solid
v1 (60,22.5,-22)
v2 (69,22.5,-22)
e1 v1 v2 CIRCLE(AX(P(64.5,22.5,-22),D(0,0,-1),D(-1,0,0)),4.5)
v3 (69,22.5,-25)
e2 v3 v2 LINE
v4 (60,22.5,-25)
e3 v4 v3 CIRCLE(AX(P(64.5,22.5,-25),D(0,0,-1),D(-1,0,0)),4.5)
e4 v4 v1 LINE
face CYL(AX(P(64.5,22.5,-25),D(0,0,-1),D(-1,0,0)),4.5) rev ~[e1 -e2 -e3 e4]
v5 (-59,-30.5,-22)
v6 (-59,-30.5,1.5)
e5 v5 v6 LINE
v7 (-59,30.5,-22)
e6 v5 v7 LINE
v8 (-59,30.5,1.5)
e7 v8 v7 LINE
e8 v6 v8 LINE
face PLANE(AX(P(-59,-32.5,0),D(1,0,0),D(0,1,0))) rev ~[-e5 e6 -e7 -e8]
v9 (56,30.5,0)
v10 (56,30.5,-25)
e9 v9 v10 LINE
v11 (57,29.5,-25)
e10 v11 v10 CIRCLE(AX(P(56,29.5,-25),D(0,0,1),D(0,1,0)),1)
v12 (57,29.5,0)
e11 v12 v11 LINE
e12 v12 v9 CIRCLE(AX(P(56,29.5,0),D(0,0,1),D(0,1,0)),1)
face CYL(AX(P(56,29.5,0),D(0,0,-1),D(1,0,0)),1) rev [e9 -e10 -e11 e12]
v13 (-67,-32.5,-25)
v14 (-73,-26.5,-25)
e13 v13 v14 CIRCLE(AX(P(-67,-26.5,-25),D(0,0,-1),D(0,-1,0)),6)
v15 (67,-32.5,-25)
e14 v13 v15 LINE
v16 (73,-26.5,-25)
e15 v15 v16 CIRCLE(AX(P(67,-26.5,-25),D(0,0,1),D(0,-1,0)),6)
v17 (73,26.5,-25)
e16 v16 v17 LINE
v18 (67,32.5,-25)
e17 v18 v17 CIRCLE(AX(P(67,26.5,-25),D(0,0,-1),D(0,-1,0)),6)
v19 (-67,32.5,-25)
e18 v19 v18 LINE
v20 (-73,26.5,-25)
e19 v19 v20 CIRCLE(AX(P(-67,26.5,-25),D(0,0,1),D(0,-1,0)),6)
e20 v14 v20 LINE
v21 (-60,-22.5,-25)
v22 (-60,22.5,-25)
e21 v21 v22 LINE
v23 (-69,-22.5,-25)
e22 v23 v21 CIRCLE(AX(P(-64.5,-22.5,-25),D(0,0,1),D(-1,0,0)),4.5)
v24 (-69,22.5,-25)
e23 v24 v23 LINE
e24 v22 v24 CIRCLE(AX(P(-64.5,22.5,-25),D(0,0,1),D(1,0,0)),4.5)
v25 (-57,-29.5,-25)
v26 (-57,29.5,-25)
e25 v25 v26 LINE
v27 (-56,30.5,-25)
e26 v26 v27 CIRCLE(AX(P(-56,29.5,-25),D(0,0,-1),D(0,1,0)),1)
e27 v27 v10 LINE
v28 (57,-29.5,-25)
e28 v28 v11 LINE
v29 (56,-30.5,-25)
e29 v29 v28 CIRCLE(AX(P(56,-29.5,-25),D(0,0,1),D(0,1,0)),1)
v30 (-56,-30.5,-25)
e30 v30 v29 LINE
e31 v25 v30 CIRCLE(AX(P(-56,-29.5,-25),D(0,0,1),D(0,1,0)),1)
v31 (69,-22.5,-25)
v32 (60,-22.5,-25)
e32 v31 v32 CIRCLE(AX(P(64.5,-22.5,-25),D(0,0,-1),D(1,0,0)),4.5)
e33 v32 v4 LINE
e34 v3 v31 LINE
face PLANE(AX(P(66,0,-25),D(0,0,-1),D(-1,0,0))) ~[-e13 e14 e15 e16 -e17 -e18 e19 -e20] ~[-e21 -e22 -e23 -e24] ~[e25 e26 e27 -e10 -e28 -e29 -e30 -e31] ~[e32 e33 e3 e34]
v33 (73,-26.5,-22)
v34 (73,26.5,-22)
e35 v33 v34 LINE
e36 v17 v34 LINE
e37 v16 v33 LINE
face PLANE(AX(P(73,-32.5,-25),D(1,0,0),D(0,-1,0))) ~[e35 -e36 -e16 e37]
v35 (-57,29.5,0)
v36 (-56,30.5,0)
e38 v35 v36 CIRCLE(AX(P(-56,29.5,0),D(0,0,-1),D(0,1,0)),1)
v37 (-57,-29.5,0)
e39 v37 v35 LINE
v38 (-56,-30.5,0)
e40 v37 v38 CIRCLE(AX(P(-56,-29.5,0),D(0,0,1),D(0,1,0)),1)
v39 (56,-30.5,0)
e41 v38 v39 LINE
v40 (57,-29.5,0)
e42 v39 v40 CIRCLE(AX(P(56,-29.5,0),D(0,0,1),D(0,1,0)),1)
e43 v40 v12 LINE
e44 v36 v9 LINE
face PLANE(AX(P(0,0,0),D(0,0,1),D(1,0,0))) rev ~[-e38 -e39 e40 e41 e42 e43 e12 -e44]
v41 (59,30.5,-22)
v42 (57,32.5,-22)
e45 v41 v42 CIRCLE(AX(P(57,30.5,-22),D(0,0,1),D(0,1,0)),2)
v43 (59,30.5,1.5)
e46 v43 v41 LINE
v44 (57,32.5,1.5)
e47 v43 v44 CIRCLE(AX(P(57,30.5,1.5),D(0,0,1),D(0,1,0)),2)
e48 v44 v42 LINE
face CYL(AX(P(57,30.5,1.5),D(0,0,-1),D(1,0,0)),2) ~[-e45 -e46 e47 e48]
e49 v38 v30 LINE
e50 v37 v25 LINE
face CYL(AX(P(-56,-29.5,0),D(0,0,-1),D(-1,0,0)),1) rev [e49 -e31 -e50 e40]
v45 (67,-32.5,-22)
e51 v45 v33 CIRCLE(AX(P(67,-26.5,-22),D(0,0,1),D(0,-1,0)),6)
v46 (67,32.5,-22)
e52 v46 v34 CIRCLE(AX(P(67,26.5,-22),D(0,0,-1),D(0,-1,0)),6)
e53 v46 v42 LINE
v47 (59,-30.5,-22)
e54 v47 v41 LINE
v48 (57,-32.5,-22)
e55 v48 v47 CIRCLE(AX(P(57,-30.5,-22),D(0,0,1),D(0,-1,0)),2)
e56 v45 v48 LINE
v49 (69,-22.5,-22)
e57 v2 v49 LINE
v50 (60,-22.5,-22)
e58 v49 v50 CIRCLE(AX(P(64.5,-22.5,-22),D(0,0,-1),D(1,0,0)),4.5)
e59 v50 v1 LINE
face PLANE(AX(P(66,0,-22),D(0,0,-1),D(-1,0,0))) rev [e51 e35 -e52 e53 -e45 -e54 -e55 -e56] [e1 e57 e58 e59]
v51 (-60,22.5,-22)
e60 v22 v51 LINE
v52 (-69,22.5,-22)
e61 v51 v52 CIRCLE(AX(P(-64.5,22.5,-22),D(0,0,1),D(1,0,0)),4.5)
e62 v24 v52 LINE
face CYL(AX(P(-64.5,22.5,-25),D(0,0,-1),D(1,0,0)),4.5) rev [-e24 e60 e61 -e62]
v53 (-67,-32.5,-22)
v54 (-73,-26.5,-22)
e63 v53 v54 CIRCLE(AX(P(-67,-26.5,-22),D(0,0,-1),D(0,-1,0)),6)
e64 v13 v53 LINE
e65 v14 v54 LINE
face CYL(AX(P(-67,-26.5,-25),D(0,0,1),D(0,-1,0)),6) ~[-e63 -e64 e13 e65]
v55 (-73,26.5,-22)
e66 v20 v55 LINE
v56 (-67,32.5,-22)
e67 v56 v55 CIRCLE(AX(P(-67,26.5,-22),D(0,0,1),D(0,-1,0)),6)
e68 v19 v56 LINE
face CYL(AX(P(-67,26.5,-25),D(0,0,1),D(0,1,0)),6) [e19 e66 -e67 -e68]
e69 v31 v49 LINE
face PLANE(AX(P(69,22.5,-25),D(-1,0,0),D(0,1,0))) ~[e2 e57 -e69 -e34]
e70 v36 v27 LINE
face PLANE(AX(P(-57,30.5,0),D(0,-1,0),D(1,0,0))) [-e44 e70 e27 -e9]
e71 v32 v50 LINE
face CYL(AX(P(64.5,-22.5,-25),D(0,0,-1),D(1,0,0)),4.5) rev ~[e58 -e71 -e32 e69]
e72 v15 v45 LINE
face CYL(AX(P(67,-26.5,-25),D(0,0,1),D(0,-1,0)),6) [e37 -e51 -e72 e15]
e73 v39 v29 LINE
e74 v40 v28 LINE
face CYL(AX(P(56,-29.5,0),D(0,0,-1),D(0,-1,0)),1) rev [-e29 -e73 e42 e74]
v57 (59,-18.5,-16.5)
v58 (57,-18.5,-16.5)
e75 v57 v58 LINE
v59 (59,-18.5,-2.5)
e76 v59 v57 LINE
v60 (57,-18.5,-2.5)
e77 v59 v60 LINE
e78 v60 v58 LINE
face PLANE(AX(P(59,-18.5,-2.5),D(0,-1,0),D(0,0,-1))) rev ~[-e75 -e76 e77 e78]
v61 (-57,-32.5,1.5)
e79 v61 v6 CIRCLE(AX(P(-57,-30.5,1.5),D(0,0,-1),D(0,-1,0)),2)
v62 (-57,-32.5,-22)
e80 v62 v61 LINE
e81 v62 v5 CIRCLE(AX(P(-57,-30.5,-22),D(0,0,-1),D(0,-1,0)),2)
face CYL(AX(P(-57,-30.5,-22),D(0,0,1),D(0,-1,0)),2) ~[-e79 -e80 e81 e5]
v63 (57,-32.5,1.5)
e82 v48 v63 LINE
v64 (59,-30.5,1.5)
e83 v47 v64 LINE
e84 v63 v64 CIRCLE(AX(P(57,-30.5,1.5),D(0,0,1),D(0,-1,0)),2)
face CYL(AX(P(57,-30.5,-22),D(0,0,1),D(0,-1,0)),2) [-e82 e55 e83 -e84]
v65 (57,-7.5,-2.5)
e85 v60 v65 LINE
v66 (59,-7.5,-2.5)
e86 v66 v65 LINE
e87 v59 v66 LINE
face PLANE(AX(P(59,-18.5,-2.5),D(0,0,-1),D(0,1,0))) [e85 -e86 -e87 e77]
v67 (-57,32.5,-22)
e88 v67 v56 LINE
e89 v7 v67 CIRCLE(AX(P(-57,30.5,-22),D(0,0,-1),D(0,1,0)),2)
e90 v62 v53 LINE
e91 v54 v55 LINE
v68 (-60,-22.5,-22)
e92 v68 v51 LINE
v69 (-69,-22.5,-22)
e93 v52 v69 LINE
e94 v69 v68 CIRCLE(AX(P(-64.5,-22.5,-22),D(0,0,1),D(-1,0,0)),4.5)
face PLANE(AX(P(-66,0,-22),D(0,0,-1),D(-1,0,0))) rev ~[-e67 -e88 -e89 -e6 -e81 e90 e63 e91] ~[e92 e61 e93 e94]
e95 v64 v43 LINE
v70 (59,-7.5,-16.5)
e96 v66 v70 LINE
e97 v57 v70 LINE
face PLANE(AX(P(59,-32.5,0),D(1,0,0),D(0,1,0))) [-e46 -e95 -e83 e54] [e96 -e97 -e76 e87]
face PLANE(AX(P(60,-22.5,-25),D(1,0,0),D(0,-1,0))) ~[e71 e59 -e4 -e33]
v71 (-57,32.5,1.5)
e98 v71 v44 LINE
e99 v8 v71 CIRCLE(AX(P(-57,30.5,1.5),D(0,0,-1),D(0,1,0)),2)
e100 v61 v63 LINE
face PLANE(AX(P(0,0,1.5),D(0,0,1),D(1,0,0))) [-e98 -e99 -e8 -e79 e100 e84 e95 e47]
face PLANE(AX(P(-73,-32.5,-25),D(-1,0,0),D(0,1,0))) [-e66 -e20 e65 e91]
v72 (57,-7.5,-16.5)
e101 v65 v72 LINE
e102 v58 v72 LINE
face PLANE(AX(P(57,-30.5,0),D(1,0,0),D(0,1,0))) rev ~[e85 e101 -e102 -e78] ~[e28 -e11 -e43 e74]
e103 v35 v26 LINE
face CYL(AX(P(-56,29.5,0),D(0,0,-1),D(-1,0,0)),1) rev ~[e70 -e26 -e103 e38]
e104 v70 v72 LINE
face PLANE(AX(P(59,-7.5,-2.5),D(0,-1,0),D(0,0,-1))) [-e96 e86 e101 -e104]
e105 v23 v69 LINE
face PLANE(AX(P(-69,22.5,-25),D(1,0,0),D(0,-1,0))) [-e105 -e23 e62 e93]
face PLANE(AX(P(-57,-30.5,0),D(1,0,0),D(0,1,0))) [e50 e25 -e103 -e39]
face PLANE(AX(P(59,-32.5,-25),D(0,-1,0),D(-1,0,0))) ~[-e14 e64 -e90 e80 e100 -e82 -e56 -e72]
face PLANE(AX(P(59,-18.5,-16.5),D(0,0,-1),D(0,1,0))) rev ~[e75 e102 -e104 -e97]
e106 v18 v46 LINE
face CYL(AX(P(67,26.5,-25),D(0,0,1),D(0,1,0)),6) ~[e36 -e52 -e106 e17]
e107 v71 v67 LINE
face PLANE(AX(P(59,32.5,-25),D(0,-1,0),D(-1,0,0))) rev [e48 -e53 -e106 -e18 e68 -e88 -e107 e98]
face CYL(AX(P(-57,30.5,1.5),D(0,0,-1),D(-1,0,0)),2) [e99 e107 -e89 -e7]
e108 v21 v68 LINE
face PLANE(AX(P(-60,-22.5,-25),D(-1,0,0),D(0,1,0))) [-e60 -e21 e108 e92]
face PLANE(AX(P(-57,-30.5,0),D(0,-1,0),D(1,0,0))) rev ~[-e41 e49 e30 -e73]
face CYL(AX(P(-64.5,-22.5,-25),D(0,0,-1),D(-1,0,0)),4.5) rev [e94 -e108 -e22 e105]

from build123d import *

# Parameters (mm, degrees)
SKETCH2_W            = 118
SKETCH2_H            = 65
BOSS_EXTRUDE2_DEPTH  = 1.5
SKETCH4_W            = 118
SKETCH4_H            = 65
SKETCH4_W_2          = 114
SKETCH4_H_2          = 61
BOSS_EXTRUDE3_DEPTH  = 25
SKETCH6_W            = 14
SKETCH6_H            = 65
BOSS_EXTRUDE4_DEPTH  = 3
FILLET1_R            = 6
FILLET1_OF_MIRROR1_R = 6
FILLET2_R            = 2
FILLET3_R            = 1
SKETCH7_W            = 14
SKETCH7_H            = 11
CUT_EXTRUDE1_DEPTH   = 10


with BuildPart() as part:
    # Sketch2 → Boss-Extrude2 (new body)
    with BuildSketch(Plane.XY):
        Rectangle(SKETCH2_W, SKETCH2_H)
    extrude(amount=BOSS_EXTRUDE2_DEPTH)

    # Sketch4 → Boss-Extrude3 (add)
    with BuildSketch(Plane.XY):
        Rectangle(SKETCH4_W, SKETCH4_H)
        Rectangle(SKETCH4_W_2, SKETCH4_H_2, mode=Mode.SUBTRACT)
    extrude(amount=-BOSS_EXTRUDE3_DEPTH)

    # Sketch6 → Boss-Extrude4 (add)
    with BuildSketch(Plane(origin=(0, 0, -25), x_dir=(-1, 0, 0), z_dir=(0, 0, -1))):
        with Locations((66, 0)):
            Rectangle(SKETCH6_W, SKETCH6_H)
        with BuildLine():
            Line((60, -22.5), (60, 22.5))
            ThreePointArc((60, 22.5), (64.5, 27), (69, 22.5))
            Line((69, 22.5), (69, -22.5))
            ThreePointArc((69, -22.5), (64.5, -27), (60, -22.5))
        make_face(mode=Mode.SUBTRACT)
    boss_extrude4 = extrude(amount=-BOSS_EXTRUDE4_DEPTH)

    # Fillet1
    fillet1_edges = [part.edges().sort_by_distance(p)[0] for p in [
        (-73, -32.5, -23.5),
        (-73, 32.5, -23.5),
    ]]
    fillet(fillet1_edges, radius=FILLET1_R)

    # Mirror1: Boss-Extrude4 across plane
    add(boss_extrude4.mirror(Plane(origin=(0, 0, 0), x_dir=(0, 0, 1), z_dir=(1, 0, 0))))

    # Fillet1 of Mirror1
    fillet1_of_mirror1_edges = [part.edges().sort_by_distance(p)[0] for p in [
        (73, -32.5, -23.5),
        (73, 32.5, -23.5),
    ]]
    fillet(fillet1_of_mirror1_edges, radius=FILLET1_OF_MIRROR1_R)

    # Fillet2
    fillet2_edges = [part.edges().sort_by_distance(p)[0] for p in [
        (-59, 32.5, -10.25),
        (-59, -32.5, -10.25),
        (59, 32.5, -10.25),
        (59, -32.5, -10.25),
    ]]
    fillet(fillet2_edges, radius=FILLET2_R)

    # Fillet3
    fillet3_edges = [part.edges().sort_by_distance(p)[0] for p in [
        (-57, -30.5, -12.5),
        (-57, 30.5, -12.5),
        (57, 30.5, -12.5),
        (57, -30.5, -12.5),
    ]]
    fillet(fillet3_edges, radius=FILLET3_R)

    # Sketch7 → Cut-Extrude1 (cut)
    with BuildSketch(Plane(origin=(59, 0, 0), x_dir=(0, 0, -1), z_dir=(1, 0, 0))):
        with Locations((9.5, -13)):
            Rectangle(SKETCH7_W, SKETCH7_H)
    extrude(amount=-CUT_EXTRUDE1_DEPTH, mode=Mode.SUBTRACT)


solid = part.part
